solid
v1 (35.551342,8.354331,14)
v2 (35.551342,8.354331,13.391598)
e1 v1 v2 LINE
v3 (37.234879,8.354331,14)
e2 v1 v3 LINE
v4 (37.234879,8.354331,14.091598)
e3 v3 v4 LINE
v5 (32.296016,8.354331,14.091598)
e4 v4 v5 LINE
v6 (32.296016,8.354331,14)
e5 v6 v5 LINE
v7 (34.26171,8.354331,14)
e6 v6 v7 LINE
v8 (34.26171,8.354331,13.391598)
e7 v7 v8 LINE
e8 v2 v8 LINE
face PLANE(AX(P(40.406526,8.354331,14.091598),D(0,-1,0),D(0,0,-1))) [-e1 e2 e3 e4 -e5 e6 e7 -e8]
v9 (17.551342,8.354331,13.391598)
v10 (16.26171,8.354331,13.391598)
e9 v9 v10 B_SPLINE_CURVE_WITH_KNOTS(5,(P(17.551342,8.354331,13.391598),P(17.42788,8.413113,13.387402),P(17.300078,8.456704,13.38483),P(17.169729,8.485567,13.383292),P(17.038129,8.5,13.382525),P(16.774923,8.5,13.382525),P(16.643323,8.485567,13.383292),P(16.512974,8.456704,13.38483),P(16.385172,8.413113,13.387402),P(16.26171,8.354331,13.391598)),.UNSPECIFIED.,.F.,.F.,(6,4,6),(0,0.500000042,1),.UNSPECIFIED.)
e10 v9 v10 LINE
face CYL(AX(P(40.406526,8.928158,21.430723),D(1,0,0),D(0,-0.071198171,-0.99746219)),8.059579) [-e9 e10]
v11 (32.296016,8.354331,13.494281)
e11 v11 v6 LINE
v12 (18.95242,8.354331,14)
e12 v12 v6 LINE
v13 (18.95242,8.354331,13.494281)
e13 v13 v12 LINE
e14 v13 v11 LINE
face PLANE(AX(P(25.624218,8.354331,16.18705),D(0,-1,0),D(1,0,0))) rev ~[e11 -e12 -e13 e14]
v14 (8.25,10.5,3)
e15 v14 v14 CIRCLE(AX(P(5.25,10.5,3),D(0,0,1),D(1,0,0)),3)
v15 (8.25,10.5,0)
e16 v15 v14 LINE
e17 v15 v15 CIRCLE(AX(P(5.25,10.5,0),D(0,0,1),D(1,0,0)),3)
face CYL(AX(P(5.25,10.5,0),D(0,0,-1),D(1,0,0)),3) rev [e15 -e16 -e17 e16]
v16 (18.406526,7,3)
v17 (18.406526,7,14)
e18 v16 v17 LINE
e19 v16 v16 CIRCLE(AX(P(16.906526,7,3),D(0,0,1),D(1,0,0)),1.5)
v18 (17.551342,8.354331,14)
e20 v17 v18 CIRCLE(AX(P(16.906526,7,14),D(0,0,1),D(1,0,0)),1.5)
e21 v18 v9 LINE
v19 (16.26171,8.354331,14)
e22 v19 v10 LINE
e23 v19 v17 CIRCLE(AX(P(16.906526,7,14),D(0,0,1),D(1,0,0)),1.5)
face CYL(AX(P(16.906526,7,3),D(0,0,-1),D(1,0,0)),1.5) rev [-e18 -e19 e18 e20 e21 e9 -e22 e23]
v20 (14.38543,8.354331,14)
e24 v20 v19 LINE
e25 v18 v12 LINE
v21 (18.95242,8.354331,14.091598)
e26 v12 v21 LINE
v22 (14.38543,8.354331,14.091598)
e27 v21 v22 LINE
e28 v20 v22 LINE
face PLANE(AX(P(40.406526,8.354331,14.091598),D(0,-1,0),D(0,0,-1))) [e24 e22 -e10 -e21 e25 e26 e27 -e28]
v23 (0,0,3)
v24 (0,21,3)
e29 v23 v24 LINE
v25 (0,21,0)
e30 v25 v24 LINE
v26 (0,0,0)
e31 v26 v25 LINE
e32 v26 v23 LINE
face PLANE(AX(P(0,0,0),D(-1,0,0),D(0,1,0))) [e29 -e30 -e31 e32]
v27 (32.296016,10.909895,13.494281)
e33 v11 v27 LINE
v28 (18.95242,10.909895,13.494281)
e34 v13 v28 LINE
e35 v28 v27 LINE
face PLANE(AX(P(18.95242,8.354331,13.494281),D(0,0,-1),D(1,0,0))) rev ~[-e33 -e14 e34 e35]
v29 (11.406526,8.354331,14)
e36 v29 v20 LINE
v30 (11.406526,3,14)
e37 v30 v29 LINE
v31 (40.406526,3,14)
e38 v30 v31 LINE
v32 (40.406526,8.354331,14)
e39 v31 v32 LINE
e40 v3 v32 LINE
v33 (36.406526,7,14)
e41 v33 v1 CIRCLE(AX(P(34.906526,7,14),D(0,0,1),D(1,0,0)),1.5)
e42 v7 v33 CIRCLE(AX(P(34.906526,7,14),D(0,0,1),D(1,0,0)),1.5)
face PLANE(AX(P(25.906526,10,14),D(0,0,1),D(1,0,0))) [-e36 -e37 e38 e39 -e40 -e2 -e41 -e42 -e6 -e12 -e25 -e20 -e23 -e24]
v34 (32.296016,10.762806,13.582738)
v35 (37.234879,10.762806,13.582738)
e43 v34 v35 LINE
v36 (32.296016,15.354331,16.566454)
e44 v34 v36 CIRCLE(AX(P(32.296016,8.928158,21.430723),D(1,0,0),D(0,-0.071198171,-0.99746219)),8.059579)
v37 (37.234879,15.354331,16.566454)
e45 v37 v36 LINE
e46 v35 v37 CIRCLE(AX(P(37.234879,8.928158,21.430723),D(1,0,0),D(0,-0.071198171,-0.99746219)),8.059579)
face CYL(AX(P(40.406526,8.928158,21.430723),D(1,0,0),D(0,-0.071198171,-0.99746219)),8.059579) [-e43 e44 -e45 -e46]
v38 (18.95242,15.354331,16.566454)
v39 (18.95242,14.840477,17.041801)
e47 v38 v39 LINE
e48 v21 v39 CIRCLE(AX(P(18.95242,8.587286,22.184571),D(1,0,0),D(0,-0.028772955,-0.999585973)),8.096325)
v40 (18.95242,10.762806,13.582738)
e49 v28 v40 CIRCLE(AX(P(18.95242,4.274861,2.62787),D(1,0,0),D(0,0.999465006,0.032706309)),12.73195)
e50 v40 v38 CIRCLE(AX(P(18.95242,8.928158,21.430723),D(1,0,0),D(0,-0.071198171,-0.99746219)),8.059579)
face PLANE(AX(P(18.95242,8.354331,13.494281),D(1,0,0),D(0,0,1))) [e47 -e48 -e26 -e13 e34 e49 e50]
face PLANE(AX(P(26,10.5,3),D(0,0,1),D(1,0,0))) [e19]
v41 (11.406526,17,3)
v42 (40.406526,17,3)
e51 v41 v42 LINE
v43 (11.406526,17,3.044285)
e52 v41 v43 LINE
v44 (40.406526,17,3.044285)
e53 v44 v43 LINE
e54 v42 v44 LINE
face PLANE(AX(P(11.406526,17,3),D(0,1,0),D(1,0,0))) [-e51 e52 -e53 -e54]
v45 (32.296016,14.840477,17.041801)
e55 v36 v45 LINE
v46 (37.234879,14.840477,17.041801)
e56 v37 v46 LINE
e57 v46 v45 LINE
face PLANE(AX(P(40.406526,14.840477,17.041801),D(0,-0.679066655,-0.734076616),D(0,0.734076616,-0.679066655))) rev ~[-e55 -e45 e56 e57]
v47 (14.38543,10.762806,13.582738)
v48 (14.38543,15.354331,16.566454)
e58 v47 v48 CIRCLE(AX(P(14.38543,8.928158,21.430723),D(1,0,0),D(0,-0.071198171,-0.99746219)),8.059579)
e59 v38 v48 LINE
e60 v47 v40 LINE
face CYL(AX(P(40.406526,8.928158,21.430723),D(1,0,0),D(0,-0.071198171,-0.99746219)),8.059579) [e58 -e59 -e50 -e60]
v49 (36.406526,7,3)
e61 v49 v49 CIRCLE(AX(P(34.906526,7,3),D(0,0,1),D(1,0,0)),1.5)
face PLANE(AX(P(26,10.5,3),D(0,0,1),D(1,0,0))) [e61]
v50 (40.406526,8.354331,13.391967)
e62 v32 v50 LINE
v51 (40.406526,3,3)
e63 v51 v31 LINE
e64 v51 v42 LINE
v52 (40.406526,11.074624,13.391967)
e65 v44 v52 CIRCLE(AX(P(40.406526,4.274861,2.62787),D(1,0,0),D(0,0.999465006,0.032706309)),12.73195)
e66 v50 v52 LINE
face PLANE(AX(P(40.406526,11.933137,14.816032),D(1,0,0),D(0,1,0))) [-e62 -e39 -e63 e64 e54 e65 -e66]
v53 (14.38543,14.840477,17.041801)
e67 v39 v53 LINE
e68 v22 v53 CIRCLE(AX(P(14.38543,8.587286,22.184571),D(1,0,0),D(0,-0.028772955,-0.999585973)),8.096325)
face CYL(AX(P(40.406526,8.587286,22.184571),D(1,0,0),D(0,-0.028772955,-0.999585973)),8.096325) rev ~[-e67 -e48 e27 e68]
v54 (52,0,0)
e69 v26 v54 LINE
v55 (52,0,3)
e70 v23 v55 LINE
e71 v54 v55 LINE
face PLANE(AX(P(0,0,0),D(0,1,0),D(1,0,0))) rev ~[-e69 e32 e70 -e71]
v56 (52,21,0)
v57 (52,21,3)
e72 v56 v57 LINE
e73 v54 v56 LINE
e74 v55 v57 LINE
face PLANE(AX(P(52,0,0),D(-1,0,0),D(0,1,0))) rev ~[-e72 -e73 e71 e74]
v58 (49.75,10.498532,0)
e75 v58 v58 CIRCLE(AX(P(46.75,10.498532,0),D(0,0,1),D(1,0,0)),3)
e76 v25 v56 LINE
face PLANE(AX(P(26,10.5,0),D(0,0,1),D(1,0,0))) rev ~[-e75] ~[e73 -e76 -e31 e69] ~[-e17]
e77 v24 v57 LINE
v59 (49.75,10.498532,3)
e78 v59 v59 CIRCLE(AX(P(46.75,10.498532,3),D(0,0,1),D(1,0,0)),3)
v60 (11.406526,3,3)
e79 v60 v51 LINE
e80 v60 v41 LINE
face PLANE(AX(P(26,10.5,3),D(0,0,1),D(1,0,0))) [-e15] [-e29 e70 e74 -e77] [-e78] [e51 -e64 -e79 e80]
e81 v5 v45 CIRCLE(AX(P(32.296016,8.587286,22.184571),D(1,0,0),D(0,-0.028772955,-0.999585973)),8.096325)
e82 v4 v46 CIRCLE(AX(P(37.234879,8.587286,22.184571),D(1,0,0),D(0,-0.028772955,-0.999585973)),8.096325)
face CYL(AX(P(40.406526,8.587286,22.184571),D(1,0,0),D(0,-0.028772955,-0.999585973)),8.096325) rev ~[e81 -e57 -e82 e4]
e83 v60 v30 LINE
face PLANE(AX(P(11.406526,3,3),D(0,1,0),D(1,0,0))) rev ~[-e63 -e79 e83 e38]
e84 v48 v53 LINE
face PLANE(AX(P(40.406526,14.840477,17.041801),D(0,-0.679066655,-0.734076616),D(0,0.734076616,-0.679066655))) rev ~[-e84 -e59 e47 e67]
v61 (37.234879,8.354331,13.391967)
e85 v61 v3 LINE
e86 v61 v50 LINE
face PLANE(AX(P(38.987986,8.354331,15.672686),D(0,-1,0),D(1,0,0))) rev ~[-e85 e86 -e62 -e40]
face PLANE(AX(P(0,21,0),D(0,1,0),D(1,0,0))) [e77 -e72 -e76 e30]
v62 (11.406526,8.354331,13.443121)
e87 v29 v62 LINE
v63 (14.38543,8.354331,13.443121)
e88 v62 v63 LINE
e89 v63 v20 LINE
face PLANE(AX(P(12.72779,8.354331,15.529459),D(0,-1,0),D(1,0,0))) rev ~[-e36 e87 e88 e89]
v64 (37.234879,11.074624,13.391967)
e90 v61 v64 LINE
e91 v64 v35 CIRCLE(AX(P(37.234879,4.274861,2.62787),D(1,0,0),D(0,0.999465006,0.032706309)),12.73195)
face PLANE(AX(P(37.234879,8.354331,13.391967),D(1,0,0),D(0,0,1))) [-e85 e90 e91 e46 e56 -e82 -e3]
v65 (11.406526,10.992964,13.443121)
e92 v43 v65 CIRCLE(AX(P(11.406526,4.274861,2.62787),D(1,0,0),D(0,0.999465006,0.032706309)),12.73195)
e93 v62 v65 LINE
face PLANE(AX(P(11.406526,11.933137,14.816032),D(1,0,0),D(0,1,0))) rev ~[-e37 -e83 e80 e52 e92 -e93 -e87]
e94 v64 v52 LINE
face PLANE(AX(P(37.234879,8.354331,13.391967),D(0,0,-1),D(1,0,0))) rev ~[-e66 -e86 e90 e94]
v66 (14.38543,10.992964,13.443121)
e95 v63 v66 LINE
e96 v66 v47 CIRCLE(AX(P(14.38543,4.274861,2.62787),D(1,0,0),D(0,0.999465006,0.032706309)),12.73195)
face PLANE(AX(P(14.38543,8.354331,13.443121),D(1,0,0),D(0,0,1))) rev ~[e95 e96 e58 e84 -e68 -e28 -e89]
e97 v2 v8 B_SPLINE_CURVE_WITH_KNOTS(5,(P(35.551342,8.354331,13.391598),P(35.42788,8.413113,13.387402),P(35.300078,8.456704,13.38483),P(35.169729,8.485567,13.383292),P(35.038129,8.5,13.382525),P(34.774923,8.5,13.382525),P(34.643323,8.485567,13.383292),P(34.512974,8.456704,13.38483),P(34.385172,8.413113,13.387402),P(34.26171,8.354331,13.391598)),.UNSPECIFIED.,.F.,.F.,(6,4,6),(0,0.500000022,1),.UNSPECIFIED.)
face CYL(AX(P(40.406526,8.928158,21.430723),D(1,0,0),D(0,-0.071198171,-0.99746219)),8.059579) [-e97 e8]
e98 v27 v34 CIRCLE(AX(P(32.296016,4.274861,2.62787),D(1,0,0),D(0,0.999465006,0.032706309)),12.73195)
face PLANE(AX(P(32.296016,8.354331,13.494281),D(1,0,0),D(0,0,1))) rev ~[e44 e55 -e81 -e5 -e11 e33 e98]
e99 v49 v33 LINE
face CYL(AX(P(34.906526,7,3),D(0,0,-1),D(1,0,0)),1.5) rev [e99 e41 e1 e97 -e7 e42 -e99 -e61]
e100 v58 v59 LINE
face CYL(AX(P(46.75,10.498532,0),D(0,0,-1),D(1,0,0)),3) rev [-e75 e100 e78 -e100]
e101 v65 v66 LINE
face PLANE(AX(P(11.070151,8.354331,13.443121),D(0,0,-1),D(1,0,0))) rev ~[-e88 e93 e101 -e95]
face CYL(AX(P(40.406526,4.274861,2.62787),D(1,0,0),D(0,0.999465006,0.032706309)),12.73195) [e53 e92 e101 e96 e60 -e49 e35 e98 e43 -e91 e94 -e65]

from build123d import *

# Parameters (mm, degrees)
SKETCH_W        = 52
SKETCH_H        = 21
SKETCH_R        = 3
PAD_DEPTH       = 3
SKETCH001_W     = 29
SKETCH001_H     = 14
SKETCH001_R     = 1.5
PAD001_DEPTH    = 11
POCKET_DEPTH    = 100
PAD002_DEPTH    = 29
SKETCH004_W     = 3.506214
SKETCH004_H     = 4.561438
SKETCH004_W_2   = 13.343595
SKETCH004_H_2   = 5.385539
SKETCH004_W_3   = 3.315279
SKETCH004_H_3   = 4.172676
POCKET001_DEPTH = 7


with BuildPart() as part:
    # Sketch → Pad (new body)
    with BuildSketch(Plane.XY):
        with Locations((26, 10.5)):
            Rectangle(SKETCH_W, SKETCH_H)
        with Locations((5.25, 10.5)):
            Circle(SKETCH_R, mode=Mode.SUBTRACT)
        with Locations((46.75, 10.498532)):
            Circle(SKETCH_R, mode=Mode.SUBTRACT)
    extrude(amount=PAD_DEPTH)

    # Sketch001 → Pad001 (new body)
    with BuildSketch(Plane.XY.offset(3)):
        with Locations((25.906526, 10)):
            Rectangle(SKETCH001_W, SKETCH001_H)
        with Locations((16.906526, 7)):
            Circle(SKETCH001_R, mode=Mode.SUBTRACT)
        with Locations((34.906526, 7)):
            Circle(SKETCH001_R, mode=Mode.SUBTRACT)
    extrude(amount=PAD001_DEPTH)

    # Sketch002 → Pocket (cut)
    with BuildSketch(Plane.YZ.offset(40.406526)):
        with BuildLine():
            ThreePointArc((17, 3.044285), (15.003799, 9.482974), (10, 14))
            Line((10, 14), (17, 14))
            Line((17, 14), (17, 3.044285))
        make_face()
    extrude(amount=-POCKET_DEPTH, mode=Mode.SUBTRACT)

    # Sketch003 → Pad002 (new body)
    with BuildSketch(Plane.YZ.offset(40.406526)):
        with BuildLine():
            Line((8.354331, 14.091598), (8.354331, 13.391598))
            ThreePointArc((8.354331, 13.391598), (12.257184, 14.090805), (15.354331, 16.566454))
            Line((14.840477, 17.041801), (15.354331, 16.566454))
            ThreePointArc((8.354331, 14.091598), (11.93941, 14.814785), (14.840477, 17.041801))
        make_face()
    extrude(amount=-PAD002_DEPTH)

    # Sketch004 → Pocket001 (cut)
    with BuildSketch(Plane.XZ.offset(-8.354331)):
        with Locations((38.987986, 15.672686)):
            Rectangle(SKETCH004_W, SKETCH004_H)
        with Locations((25.624218, 16.18705)):
            Rectangle(SKETCH004_W_2, SKETCH004_H_2)
        with Locations((12.72779, 15.529459)):
            Rectangle(SKETCH004_W_3, SKETCH004_H_3)
    extrude(amount=-POCKET001_DEPTH, mode=Mode.SUBTRACT)


solid = part.part
